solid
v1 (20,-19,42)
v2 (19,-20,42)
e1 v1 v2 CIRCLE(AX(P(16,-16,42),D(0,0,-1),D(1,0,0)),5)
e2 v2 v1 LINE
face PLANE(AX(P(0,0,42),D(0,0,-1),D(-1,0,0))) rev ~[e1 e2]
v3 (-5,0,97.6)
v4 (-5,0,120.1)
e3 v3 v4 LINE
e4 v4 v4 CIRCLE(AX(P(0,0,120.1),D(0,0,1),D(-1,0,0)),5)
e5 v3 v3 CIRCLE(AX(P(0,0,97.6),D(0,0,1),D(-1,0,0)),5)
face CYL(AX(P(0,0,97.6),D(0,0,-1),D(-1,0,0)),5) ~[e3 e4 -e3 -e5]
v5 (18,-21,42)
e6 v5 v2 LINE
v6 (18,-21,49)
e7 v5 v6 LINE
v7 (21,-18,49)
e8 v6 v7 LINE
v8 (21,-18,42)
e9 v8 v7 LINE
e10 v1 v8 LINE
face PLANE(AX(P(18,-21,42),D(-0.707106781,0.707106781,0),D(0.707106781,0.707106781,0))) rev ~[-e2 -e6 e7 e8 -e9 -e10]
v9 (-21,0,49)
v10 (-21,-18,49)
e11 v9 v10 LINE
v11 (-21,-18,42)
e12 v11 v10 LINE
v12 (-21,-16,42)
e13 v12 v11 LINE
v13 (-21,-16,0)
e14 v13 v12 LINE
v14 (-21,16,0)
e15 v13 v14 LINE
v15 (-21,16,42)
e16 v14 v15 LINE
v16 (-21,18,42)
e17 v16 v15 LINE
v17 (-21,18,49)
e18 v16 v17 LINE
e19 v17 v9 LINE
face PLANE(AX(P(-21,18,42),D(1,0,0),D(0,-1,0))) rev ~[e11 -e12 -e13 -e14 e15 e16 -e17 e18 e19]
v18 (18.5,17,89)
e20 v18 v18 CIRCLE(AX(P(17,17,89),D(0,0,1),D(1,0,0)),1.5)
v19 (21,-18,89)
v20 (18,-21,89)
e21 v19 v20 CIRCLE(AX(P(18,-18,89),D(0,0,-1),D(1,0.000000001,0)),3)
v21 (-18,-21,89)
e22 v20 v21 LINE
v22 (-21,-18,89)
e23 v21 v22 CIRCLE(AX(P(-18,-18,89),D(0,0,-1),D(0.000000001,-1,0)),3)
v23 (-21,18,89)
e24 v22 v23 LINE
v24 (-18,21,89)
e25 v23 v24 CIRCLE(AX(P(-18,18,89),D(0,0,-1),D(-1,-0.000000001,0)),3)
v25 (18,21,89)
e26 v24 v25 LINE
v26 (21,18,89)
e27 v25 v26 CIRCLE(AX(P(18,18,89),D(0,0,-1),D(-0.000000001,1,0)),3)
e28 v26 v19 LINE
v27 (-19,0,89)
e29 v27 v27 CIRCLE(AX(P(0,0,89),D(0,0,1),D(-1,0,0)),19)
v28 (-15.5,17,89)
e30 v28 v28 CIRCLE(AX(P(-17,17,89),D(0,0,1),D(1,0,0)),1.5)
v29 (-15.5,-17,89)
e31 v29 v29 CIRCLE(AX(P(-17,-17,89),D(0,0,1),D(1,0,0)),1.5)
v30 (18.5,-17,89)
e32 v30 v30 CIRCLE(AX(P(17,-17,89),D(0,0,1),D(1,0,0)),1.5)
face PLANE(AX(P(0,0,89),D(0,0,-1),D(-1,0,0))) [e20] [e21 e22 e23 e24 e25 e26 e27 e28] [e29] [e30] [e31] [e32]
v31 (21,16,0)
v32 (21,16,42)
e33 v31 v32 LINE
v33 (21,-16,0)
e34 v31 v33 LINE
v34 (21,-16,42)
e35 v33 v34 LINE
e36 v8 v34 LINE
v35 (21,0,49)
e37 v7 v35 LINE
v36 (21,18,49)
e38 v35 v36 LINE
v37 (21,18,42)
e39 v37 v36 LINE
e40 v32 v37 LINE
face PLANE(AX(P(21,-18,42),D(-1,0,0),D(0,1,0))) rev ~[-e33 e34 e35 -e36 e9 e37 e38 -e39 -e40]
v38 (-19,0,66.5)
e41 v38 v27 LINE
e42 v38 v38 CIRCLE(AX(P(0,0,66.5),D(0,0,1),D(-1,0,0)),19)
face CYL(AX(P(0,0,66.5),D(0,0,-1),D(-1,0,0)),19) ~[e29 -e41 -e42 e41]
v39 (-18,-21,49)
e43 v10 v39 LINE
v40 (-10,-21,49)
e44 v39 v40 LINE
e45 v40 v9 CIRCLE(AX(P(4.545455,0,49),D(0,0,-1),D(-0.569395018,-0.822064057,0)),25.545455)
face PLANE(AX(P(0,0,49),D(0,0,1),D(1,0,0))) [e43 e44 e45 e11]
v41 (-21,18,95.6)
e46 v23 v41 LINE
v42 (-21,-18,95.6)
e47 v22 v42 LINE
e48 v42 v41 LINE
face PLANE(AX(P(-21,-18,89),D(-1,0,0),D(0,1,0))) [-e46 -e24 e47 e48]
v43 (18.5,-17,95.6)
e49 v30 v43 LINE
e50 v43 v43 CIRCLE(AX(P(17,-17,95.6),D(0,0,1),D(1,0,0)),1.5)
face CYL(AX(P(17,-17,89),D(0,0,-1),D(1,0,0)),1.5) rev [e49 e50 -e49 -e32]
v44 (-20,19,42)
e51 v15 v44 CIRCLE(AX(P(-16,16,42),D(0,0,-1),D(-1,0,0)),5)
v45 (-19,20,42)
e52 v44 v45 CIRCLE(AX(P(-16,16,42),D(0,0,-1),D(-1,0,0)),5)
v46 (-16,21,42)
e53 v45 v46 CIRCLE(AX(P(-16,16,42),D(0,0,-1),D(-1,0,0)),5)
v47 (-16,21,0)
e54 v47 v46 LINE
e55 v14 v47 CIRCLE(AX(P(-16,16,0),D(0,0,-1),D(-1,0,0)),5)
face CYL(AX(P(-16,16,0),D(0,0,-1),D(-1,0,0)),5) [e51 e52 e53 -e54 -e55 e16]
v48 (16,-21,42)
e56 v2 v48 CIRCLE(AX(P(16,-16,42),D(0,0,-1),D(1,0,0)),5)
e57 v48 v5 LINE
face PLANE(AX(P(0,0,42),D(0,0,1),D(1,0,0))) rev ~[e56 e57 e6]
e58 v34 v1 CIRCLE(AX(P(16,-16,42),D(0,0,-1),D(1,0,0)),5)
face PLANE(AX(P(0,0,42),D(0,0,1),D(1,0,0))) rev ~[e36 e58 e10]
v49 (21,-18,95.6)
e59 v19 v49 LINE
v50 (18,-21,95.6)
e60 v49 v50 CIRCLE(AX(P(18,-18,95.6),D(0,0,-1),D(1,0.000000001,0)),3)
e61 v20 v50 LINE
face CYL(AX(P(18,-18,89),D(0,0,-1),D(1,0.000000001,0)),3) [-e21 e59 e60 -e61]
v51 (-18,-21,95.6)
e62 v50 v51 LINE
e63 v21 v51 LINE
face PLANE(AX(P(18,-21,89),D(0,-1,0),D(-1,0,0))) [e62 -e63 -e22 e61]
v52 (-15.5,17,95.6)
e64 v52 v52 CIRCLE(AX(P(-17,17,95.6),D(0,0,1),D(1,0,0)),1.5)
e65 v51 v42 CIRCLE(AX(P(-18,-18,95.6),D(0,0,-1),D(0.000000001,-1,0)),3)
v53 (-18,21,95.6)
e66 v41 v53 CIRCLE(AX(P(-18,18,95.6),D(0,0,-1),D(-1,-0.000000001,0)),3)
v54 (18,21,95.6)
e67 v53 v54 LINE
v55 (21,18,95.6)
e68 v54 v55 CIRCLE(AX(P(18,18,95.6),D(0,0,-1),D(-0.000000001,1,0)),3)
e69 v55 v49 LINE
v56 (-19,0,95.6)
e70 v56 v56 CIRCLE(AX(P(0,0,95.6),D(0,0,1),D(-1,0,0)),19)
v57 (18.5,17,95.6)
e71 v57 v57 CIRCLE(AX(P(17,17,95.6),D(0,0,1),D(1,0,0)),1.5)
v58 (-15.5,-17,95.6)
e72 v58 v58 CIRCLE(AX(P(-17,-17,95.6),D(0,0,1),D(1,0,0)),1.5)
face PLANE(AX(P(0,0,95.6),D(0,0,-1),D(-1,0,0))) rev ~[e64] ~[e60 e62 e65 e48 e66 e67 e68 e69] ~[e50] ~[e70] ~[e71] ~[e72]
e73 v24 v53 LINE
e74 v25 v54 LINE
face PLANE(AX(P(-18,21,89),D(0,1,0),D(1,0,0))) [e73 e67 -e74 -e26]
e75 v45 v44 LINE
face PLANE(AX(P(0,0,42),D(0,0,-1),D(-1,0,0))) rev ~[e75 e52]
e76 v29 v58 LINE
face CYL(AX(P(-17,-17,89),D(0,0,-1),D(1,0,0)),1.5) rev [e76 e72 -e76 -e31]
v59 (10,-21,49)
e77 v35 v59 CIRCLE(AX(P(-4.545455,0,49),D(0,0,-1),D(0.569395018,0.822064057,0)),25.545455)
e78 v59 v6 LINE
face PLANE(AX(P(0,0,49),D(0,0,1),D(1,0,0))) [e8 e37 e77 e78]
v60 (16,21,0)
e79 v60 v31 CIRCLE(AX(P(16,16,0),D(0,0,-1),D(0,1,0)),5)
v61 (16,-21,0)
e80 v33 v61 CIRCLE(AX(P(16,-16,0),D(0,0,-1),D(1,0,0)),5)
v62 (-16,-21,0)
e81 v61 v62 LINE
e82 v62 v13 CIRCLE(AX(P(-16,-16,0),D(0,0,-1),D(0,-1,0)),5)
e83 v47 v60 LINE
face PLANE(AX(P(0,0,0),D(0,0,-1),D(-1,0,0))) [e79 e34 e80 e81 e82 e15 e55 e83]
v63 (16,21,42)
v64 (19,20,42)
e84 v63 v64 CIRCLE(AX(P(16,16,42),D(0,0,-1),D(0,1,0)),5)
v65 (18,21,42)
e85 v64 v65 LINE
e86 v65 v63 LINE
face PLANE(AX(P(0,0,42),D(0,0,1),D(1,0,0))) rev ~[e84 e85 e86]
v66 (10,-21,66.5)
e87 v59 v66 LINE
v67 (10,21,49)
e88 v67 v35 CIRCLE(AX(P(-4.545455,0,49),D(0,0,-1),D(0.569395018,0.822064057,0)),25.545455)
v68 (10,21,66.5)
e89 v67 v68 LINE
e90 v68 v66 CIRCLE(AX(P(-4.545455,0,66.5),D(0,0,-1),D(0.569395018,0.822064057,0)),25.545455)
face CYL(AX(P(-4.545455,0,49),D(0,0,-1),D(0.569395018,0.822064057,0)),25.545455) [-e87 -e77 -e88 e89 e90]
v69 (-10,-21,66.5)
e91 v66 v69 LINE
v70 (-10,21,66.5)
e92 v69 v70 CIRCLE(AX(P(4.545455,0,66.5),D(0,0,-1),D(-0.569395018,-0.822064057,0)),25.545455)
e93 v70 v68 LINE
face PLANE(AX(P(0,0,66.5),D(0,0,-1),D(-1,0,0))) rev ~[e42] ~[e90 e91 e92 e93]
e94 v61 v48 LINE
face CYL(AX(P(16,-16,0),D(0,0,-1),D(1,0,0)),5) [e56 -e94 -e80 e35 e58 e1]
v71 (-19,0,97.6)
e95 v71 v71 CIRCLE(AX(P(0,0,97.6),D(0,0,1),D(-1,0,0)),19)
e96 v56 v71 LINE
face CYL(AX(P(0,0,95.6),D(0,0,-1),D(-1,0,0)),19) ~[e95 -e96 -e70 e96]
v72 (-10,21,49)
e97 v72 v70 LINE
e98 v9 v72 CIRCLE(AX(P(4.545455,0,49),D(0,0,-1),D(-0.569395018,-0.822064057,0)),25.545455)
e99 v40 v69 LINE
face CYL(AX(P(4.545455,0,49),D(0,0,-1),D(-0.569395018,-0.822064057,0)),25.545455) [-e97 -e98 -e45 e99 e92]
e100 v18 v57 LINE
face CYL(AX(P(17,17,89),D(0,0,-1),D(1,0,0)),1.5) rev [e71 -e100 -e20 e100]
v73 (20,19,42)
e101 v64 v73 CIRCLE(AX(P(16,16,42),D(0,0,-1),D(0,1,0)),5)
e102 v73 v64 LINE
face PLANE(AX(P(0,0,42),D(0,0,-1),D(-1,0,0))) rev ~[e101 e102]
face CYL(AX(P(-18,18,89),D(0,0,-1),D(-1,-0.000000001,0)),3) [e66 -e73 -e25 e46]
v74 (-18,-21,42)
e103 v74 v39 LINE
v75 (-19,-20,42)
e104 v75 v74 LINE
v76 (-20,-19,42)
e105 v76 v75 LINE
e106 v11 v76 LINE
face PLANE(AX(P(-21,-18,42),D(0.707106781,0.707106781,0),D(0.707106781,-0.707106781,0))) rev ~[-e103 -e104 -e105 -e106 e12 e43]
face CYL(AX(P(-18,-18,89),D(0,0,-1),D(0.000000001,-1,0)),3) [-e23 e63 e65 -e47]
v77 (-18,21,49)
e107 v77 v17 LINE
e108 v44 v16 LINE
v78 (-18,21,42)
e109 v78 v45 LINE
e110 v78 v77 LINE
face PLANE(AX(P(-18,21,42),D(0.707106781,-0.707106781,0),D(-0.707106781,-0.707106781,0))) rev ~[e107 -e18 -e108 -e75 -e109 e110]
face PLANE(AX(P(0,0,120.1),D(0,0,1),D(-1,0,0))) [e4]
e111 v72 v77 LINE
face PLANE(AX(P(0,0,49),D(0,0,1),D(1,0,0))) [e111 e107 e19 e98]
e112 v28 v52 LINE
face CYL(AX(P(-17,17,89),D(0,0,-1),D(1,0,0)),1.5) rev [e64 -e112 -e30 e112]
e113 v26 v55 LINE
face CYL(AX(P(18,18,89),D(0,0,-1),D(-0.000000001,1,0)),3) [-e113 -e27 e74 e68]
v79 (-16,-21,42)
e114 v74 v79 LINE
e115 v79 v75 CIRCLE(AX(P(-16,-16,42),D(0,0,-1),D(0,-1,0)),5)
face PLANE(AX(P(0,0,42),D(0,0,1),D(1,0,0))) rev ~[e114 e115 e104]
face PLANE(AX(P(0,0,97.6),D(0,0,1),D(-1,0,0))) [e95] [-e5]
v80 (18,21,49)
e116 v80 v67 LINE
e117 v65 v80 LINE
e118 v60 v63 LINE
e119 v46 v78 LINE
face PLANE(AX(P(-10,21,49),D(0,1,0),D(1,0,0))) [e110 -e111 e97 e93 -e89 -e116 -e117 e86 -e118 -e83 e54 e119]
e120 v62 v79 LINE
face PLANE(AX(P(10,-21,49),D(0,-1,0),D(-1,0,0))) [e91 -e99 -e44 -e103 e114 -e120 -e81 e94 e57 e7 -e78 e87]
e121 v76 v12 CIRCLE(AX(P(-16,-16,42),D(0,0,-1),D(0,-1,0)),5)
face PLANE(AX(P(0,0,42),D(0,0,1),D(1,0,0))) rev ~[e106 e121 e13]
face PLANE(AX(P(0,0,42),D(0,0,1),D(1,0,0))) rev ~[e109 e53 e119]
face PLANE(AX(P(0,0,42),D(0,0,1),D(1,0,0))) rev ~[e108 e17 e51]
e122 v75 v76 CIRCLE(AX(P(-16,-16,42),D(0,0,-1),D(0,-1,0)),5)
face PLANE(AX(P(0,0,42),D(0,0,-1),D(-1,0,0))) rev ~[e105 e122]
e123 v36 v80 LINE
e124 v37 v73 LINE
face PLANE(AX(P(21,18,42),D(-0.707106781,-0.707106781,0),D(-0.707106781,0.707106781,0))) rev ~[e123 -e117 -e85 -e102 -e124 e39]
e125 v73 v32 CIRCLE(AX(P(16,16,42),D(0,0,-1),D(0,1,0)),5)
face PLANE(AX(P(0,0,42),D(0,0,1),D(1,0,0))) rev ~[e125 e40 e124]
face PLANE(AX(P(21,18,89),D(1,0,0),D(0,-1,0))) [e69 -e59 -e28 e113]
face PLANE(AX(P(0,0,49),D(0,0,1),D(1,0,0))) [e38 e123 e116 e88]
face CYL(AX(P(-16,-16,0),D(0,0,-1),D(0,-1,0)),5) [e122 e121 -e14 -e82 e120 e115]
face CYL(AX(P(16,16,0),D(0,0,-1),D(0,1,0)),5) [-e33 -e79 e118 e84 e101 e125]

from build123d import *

# Parameters (mm, degrees)
EXTRUDE_1_DEPTH = 42
EXTRUDE_2_DEPTH = 7
EXTRUDE_3_DEPTH = 17.5
SKETCH_4_R      = 19
EXTRUDE_4_DEPTH = 22.5
SKETCH_5_R      = 1.5
EXTRUDE_5_DEPTH = 6.6
SKETCH_6_R      = 19
EXTRUDE_6_DEPTH = 2
SKETCH_7_R      = 5
EXTRUDE_7_DEPTH = 22.5


with BuildPart() as part:
    # 草图1 → 凸台-拉伸1 (new body)
    with BuildSketch(Plane.XY):
        with BuildLine():
            Line((-16, 21), (16, 21))
            ThreePointArc((16, 21), (19.535533906, 19.535533906), (21, 16))
            Line((21, 16), (21, -16))
            ThreePointArc((21, -16), (19.535533906, -19.535533906), (16, -21))
            Line((16, -21), (-16, -21))
            ThreePointArc((-16, -21), (-19.535533906, -19.535533906), (-21, -16))
            Line((-21, -16), (-21, 16))
            ThreePointArc((-21, 16), (-19.535533906, 19.535533906), (-16, 21))
        make_face()
    extrude(amount=EXTRUDE_1_DEPTH)

    # 草图2 → 凸台-拉伸2 (add)
    with BuildSketch(Plane.XY.offset(42)):
        Polygon((18, 21), (-18, 21), (-21, 18), (-21, -18), (-18, -21), (18, -21), (21, -18), (21, 18), align=None)
    extrude(amount=EXTRUDE_2_DEPTH)

    # 草图3 → 凸台-拉伸3 (add)
    with BuildSketch(Plane.XY.offset(49)):
        with BuildLine():
            Line((-10, 21), (10, 21))
            ThreePointArc((10, 21), (21, 0), (10, -21))
            Line((10, -21), (-10, -21))
            ThreePointArc((-10, -21), (-21, 0), (-10, 21))
        make_face()
    extrude(amount=EXTRUDE_3_DEPTH)

    # 草图4 → 凸台-拉伸4 (add)
    with BuildSketch(Plane.XY.offset(66.5)):
        with Locations(Location((0, 0, 0), (0, 0, 180))):
            Circle(SKETCH_4_R)
    extrude(amount=EXTRUDE_4_DEPTH)

    # 草图5 → 凸台-拉伸5 (add)
    with BuildSketch(Plane.XY.offset(89)):
        with BuildLine():
            Line((-18, 21), (18, 21))
            ThreePointArc((18, 21), (20.121320344, 20.121320344), (21, 18))
            Line((21, 18), (21, -18))
            ThreePointArc((21, -18), (20.121320344, -20.121320344), (18, -21))
            Line((18, -21), (-18, -21))
            ThreePointArc((-18, -21), (-20.121320344, -20.121320344), (-21, -18))
            Line((-21, -18), (-21, 18))
            ThreePointArc((-21, 18), (-20.121320344, 20.121320344), (-18, 21))
        make_face()
        with Locations((-17, 17)):
            Circle(SKETCH_5_R, mode=Mode.SUBTRACT)
        with Locations((17, 17)):
            Circle(SKETCH_5_R, mode=Mode.SUBTRACT)
        with Locations((17, -17)):
            Circle(SKETCH_5_R, mode=Mode.SUBTRACT)
        with Locations((-17, -17)):
            Circle(SKETCH_5_R, mode=Mode.SUBTRACT)
    extrude(amount=EXTRUDE_5_DEPTH)

    # 草图6 → 凸台-拉伸6 (add)
    with BuildSketch(Plane.XY.offset(95.6)):
        with Locations(Location((0, 0, 0), (0, 0, 180))):
            Circle(SKETCH_6_R)
    extrude(amount=EXTRUDE_6_DEPTH)

    # 草图7 → 凸台-拉伸7 (add)
    with BuildSketch(Plane.XY.offset(97.6)):
        with Locations(Location((0, 0, 0), (0, 0, 180))):
            Circle(SKETCH_7_R)
    extrude(amount=EXTRUDE_7_DEPTH)


solid = part.part
